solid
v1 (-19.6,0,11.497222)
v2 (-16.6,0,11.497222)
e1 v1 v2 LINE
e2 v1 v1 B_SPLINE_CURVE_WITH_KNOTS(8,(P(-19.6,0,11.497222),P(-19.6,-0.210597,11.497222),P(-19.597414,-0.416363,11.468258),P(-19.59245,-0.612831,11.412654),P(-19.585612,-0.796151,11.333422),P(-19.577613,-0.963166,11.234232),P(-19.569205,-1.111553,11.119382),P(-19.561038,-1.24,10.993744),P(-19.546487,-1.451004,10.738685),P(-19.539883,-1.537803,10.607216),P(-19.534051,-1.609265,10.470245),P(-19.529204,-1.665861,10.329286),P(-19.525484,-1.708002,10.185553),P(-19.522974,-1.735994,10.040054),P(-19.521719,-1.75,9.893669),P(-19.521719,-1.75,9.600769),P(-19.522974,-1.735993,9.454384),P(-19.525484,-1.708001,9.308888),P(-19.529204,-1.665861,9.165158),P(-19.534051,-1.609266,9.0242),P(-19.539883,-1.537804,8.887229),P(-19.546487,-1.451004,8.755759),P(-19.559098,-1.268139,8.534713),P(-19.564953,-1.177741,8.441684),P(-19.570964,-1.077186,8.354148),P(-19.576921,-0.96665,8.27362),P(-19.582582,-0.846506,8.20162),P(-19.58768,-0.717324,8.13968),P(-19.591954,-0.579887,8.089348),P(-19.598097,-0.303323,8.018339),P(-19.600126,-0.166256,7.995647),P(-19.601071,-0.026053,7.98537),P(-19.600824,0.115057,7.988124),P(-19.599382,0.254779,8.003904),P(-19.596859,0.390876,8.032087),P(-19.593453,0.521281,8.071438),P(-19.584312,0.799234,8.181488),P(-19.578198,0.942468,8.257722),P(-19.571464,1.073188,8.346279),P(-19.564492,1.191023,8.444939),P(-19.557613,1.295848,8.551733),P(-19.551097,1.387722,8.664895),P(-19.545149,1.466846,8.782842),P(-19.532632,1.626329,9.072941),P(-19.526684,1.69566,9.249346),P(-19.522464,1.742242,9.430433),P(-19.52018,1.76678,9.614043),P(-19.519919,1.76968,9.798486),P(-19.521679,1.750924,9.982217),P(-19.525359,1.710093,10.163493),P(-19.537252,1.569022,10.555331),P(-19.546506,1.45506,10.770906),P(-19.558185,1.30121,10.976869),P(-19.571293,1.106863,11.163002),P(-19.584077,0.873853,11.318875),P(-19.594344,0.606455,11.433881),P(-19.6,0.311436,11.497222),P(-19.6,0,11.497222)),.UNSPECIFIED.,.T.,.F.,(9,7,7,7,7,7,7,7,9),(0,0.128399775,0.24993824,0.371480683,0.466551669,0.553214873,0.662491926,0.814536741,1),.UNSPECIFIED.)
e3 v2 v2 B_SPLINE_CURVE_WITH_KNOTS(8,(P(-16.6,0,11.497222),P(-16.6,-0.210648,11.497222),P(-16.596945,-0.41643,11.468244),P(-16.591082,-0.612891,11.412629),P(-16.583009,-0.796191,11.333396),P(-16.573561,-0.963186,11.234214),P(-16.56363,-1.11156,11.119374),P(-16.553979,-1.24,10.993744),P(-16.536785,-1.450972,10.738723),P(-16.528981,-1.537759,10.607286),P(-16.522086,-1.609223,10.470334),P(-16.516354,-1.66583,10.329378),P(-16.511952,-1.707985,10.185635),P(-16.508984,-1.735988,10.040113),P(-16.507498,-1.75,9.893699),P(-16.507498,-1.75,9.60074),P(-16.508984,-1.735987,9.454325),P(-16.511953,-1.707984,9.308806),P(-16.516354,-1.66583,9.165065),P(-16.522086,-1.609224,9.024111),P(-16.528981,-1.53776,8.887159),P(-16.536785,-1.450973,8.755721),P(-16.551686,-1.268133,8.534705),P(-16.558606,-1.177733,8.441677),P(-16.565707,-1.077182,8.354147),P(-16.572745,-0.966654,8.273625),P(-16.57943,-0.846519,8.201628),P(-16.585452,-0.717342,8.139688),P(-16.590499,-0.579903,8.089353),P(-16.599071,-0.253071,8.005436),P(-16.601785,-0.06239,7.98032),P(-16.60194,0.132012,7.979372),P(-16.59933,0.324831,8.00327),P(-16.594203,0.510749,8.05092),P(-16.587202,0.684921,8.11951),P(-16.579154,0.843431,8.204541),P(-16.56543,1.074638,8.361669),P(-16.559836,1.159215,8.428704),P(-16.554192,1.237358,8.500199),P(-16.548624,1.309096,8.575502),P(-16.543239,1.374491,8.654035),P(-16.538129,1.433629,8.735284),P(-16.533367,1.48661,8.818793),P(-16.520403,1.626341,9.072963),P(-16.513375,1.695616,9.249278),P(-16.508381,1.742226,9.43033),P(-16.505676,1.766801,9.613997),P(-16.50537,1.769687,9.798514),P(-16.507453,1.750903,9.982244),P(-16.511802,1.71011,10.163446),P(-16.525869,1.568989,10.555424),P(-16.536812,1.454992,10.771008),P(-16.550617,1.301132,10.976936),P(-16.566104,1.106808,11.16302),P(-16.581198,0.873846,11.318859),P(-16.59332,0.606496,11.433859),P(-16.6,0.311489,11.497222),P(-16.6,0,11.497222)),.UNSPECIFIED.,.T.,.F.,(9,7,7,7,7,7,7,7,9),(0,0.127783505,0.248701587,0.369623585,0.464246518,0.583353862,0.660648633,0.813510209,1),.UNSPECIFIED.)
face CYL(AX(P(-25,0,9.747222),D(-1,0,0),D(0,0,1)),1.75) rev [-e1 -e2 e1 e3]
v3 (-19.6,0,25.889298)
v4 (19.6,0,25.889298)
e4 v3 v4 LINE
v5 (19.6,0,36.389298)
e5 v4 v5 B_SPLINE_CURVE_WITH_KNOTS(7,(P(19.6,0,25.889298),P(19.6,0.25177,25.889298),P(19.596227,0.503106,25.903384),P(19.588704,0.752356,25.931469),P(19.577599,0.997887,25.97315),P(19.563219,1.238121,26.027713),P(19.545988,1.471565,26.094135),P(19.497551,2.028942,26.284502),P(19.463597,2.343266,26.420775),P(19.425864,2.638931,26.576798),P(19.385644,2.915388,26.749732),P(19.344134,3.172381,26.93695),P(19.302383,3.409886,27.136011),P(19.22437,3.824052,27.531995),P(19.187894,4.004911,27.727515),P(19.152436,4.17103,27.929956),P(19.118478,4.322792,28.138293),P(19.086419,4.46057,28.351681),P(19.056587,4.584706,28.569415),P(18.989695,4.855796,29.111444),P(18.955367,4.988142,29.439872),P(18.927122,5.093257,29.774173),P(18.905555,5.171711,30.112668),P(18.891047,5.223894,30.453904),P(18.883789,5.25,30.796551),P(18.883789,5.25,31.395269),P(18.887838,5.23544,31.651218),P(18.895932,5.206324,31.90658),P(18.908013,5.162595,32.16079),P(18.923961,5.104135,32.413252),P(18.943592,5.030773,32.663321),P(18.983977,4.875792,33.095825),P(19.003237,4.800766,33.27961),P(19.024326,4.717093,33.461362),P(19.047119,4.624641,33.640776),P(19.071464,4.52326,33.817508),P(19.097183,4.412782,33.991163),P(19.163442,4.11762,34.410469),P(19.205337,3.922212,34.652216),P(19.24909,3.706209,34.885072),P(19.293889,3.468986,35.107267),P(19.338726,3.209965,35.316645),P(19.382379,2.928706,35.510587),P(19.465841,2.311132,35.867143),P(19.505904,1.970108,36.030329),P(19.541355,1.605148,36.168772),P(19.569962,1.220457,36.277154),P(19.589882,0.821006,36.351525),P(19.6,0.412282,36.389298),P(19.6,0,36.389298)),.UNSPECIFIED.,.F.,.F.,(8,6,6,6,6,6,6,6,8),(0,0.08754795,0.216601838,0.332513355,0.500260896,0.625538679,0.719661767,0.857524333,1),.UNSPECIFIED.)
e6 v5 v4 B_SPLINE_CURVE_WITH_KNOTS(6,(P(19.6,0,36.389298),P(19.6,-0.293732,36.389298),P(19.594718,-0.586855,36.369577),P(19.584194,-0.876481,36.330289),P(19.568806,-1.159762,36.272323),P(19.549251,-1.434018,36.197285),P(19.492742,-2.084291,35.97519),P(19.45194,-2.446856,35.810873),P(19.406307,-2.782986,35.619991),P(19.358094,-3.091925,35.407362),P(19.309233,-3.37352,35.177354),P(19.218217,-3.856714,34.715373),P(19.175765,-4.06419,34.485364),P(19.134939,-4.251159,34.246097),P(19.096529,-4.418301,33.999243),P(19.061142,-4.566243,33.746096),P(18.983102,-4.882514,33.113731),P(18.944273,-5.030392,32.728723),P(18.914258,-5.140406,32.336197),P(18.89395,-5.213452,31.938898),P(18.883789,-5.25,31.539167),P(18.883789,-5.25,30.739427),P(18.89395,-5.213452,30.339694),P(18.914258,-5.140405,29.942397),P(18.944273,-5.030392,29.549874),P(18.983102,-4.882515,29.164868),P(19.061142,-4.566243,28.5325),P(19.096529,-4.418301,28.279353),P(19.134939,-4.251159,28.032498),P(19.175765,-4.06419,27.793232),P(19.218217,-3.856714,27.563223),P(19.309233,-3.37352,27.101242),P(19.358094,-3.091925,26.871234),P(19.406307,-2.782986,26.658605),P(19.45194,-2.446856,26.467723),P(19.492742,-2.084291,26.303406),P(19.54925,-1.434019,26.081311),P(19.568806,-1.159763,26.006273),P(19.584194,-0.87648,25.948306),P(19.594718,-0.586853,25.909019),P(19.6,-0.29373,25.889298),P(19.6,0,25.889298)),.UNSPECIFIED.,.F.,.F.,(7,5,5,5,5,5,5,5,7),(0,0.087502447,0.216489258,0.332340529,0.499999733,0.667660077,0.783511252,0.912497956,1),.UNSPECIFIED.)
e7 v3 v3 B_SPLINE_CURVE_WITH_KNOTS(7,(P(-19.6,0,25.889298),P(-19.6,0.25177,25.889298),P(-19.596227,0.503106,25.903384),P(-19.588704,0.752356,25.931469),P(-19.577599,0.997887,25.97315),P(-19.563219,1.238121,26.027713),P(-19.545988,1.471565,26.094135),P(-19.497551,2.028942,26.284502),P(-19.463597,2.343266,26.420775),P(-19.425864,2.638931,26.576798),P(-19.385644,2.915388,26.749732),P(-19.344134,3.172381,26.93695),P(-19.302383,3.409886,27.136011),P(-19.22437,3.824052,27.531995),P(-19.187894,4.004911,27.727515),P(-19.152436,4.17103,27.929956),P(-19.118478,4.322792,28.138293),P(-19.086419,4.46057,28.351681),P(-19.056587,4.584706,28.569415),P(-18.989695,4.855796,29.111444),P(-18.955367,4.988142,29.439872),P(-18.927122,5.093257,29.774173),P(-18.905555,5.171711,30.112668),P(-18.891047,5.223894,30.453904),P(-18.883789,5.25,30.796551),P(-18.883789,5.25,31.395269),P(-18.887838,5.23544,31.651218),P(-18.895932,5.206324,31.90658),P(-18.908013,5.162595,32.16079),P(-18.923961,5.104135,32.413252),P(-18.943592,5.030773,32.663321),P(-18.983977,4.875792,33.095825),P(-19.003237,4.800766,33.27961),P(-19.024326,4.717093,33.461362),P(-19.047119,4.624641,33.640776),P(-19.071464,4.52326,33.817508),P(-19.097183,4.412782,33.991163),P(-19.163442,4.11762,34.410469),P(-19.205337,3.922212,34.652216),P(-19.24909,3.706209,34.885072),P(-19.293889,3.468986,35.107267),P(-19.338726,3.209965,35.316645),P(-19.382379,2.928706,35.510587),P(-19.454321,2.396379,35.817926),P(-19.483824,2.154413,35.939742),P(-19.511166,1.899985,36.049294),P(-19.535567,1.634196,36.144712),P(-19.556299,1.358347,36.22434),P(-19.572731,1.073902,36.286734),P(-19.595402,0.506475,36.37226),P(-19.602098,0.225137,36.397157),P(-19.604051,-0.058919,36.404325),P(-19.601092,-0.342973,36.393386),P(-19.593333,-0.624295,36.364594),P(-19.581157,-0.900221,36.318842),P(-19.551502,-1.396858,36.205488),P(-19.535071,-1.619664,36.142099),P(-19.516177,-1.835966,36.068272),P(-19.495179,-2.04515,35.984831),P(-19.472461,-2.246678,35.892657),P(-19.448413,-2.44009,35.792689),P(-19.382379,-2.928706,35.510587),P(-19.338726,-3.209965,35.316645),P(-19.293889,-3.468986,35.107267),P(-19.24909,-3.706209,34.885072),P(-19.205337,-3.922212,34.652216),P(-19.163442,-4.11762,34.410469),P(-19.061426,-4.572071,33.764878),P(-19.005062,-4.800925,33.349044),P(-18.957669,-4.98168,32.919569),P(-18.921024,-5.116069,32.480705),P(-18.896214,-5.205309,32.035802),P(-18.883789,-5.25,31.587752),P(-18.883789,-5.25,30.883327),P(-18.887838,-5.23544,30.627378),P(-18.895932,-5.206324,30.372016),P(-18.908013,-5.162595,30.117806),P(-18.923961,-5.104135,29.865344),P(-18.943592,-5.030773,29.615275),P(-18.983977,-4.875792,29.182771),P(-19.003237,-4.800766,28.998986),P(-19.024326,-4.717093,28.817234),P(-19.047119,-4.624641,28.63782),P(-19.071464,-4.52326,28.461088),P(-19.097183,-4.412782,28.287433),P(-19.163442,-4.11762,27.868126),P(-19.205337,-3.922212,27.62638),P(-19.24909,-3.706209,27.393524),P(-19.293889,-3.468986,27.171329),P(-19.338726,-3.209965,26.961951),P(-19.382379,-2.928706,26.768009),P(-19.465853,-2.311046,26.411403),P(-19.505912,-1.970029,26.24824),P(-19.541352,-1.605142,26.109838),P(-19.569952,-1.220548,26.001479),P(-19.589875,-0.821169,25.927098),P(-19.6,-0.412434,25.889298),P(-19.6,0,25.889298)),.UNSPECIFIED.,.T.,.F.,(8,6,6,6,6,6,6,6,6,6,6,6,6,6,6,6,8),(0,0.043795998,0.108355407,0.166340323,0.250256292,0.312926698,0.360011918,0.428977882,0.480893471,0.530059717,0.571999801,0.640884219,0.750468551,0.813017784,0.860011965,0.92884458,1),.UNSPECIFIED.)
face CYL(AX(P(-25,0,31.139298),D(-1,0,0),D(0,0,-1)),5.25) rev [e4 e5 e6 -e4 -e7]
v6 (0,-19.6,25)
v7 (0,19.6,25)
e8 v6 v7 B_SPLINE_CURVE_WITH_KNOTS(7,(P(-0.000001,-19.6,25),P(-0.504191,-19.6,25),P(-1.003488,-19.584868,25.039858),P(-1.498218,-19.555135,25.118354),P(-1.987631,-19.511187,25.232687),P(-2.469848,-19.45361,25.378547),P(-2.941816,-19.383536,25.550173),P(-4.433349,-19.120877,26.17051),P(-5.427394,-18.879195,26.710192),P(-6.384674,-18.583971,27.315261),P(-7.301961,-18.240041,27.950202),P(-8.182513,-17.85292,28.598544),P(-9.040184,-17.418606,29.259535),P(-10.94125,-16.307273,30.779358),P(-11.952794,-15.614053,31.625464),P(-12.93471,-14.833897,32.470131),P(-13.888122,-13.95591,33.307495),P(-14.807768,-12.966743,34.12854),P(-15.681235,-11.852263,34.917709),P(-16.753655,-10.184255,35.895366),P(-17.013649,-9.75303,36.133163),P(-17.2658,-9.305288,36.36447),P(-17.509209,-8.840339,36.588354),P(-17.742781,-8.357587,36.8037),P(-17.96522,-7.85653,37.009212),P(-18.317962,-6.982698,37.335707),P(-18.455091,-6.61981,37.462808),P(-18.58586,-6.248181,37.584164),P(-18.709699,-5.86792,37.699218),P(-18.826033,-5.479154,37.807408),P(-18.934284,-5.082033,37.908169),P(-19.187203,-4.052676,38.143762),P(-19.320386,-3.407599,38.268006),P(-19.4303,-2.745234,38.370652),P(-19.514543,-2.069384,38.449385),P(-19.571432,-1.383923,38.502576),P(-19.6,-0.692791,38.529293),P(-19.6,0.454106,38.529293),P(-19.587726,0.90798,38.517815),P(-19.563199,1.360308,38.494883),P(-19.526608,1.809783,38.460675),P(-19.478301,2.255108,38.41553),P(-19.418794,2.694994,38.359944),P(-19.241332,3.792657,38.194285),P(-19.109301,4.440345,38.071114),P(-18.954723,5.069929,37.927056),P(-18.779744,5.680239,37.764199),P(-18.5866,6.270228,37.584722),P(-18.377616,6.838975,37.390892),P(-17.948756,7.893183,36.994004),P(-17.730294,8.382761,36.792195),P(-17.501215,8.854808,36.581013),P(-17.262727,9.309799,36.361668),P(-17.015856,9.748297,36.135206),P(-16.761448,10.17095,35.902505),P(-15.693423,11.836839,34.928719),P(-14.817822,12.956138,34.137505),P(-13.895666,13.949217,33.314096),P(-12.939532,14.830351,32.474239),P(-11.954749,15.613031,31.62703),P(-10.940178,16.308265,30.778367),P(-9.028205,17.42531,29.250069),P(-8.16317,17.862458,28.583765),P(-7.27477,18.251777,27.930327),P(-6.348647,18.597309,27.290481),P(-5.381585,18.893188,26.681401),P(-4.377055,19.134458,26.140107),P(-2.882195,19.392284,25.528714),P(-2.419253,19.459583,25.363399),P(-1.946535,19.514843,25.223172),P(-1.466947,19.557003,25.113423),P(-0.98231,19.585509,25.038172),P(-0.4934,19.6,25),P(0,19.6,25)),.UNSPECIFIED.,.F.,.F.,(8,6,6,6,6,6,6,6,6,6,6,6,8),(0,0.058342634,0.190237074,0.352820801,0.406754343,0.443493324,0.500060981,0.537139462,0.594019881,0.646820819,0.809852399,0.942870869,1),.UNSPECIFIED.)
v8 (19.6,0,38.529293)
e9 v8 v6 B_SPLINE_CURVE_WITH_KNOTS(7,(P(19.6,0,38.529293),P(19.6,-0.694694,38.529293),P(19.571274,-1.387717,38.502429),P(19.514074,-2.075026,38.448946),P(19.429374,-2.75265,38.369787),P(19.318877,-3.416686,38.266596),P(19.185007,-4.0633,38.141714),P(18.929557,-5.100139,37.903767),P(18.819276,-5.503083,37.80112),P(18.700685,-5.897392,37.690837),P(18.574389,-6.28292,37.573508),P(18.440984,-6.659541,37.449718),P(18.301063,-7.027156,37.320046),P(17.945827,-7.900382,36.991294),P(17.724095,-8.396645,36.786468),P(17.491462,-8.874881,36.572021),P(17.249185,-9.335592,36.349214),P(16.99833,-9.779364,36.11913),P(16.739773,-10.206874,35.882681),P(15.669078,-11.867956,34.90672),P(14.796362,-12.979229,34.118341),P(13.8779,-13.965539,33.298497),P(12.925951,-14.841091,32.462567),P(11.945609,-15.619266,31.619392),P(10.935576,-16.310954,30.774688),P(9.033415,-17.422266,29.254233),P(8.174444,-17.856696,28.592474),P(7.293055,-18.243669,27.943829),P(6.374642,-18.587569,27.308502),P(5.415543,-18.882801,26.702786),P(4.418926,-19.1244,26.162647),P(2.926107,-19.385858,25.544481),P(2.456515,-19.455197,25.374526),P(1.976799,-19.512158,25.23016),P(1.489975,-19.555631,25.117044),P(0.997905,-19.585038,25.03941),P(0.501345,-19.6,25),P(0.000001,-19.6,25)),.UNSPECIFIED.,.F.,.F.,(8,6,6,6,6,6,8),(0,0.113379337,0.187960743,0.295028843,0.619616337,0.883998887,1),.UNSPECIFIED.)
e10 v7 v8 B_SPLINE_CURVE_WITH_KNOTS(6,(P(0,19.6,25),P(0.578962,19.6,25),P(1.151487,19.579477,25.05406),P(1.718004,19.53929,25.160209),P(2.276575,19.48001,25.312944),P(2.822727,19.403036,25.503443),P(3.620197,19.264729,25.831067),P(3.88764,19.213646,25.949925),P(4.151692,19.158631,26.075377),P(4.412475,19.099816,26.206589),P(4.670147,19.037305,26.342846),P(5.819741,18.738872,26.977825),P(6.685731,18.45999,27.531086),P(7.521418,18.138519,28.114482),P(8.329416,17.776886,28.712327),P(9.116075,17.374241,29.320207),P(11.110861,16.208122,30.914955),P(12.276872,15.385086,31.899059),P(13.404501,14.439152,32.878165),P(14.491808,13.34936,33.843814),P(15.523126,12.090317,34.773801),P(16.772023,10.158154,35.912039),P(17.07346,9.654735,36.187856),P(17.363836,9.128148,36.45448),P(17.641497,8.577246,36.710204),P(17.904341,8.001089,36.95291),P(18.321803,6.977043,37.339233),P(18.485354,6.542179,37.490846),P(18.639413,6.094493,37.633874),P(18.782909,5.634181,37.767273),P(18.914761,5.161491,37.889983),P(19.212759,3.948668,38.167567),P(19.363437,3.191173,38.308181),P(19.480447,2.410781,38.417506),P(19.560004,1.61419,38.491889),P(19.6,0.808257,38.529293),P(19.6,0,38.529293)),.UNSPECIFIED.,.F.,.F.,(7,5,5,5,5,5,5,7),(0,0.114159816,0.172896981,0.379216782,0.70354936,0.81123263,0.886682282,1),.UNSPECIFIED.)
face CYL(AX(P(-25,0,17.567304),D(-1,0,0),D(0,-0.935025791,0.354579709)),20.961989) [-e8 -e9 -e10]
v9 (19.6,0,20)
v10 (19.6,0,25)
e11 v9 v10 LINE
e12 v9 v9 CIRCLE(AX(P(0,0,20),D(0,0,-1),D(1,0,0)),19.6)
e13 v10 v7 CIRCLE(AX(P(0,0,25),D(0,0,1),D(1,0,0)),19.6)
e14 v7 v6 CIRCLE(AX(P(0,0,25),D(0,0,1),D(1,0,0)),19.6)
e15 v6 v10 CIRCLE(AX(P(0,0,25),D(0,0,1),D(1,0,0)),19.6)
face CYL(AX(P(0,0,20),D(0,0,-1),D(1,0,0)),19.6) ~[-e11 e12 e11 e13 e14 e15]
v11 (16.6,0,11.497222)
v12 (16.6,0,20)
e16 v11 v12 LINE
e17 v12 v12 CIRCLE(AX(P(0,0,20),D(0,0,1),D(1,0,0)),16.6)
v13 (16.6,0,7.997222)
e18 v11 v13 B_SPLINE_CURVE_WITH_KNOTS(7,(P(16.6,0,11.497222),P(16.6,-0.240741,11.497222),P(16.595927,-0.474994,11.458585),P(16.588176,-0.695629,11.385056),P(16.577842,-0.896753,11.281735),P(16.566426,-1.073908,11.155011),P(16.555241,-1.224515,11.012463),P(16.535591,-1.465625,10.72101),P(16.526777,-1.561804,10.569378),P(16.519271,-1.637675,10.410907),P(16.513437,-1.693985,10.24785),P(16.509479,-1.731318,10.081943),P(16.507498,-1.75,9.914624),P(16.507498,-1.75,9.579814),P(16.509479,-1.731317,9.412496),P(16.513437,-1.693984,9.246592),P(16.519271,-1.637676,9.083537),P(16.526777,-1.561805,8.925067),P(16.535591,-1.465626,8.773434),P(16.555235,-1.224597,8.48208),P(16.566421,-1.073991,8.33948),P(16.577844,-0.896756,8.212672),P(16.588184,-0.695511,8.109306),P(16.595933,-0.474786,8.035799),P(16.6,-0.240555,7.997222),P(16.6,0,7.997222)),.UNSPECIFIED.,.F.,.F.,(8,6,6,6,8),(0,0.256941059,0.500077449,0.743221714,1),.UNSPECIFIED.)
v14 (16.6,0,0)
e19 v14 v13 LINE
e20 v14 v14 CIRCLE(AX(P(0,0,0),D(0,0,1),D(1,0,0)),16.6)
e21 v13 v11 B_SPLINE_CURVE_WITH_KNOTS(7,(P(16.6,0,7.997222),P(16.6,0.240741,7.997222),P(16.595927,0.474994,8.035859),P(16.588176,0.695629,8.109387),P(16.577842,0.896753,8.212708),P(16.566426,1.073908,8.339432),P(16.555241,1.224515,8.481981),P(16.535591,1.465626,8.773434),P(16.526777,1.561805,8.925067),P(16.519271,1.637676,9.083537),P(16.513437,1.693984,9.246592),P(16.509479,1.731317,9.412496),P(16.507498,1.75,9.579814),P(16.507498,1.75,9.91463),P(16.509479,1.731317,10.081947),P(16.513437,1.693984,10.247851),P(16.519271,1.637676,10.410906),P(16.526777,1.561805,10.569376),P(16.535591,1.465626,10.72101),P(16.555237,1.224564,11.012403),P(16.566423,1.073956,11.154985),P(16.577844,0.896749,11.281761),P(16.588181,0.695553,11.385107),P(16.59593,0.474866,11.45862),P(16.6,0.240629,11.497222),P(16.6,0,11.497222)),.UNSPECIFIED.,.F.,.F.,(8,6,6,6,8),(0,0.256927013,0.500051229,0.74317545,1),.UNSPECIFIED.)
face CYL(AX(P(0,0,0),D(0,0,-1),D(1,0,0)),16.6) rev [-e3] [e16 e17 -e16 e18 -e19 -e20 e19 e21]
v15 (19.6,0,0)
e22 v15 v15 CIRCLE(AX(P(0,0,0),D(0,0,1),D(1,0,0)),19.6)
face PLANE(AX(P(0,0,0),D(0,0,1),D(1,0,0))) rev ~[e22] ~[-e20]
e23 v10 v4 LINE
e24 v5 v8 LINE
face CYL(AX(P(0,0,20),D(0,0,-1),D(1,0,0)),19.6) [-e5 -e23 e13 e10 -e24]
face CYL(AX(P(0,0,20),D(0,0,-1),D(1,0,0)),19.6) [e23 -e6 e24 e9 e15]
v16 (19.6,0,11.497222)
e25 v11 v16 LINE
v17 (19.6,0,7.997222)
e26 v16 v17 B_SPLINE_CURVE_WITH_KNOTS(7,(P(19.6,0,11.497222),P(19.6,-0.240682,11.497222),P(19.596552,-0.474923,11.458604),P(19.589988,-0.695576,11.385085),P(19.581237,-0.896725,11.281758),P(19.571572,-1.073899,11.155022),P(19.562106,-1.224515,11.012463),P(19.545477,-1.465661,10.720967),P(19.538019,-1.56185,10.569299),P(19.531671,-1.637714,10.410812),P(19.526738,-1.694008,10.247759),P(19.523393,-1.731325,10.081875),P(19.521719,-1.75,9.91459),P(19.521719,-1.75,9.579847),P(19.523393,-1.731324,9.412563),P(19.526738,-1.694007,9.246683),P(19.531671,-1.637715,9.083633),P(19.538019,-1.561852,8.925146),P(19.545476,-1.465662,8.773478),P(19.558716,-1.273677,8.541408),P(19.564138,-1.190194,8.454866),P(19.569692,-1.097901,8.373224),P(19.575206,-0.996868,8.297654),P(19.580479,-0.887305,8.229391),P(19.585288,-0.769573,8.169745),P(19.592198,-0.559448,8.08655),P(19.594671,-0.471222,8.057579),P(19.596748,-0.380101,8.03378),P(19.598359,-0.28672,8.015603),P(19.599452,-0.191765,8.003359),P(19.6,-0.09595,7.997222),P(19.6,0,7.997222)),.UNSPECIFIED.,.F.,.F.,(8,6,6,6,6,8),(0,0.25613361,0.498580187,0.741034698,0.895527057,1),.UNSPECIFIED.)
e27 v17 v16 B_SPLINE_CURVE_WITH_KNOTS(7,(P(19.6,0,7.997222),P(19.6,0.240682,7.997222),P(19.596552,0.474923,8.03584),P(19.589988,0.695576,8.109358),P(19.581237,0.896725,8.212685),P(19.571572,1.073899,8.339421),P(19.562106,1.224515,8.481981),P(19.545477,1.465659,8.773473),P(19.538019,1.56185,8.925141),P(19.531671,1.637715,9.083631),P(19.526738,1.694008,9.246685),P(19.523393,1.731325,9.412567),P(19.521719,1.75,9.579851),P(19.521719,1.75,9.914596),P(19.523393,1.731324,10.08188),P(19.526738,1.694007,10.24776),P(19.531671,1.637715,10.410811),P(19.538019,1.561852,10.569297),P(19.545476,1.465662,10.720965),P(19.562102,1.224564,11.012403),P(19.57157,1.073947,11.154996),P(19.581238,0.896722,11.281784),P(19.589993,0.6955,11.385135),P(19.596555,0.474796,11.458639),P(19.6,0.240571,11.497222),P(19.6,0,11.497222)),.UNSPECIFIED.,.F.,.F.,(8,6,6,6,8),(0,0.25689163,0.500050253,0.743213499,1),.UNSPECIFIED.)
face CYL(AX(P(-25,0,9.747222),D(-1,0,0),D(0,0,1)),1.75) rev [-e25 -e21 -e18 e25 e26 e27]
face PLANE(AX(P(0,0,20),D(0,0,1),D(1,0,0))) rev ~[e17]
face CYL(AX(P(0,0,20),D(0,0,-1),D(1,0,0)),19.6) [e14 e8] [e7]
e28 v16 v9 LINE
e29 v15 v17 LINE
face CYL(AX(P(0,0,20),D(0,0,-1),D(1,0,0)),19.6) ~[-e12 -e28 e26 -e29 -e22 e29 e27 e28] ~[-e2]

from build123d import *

# Parameters (mm, degrees)
SKETCH1_R                = 19.6
SKETCH1_R_2              = 16.6
BOSS_EXTRUDE1_DEPTH      = 20
SKETCH2_R                = 19.6
BOSS_EXTRUDE2_DEPTH      = 5
BOSS_EXTRUDE4_DEPTH      = 25
BOSS_EXTRUDE4_DEPTH_BACK = 25
SKETCH3_R                = 5.25
SKETCH4_R                = 39.6
SKETCH4_R_2              = 19.6
CUT_EXTRUDE_THIN1_DEPTH  = 25
CUT_EXTRUDE1_DEPTH       = 25
CUT_EXTRUDE1_DEPTH_BACK  = 25
SKETCH6_R                = 1.75


with BuildPart() as part:
    # Sketch1 → Boss-Extrude1 (new body)
    with BuildSketch(Plane(origin=(0, 0, 0), x_dir=(0, 1, 0), z_dir=(0, 0, 1))):
        with Locations(Location((0, 0, 0), (0, 0, 270))):
            Circle(SKETCH1_R)
        with Locations(Location((0, 0, 0), (0, 0, 270))):
            Circle(SKETCH1_R_2, mode=Mode.SUBTRACT)
    extrude(amount=BOSS_EXTRUDE1_DEPTH)

    # Sketch2 → Boss-Extrude2 (add)
    with BuildSketch(Plane.XY.offset(20)):
        Circle(SKETCH2_R)
    extrude(amount=BOSS_EXTRUDE2_DEPTH)

    # Sketch3 → Boss-Extrude4 (add, two sides: drawn at the far end of the back side and taken through both)
    with BuildSketch(Plane.YZ.offset(-BOSS_EXTRUDE4_DEPTH_BACK)):
        with BuildLine():
            Line((19.6, 25), (0, 25))
            Line((0, 25), (-19.6, 25))
            ThreePointArc((-19.6, 25), (0, 38.529292798), (19.6, 25))
        make_face()
        with Locations(Location((0, 31.139297983, 0), (0, 0, 270))):
            Circle(SKETCH3_R, mode=Mode.SUBTRACT)
    extrude(amount=BOSS_EXTRUDE4_DEPTH + BOSS_EXTRUDE4_DEPTH_BACK)

    # Sketch4 → Cut-Extrude-Thin1 (cut)
    with BuildSketch(Plane(origin=(0, 0, 20), x_dir=(1, 0, 0), z_dir=(0, 0, -1))):
        Circle(SKETCH4_R)
        Circle(SKETCH4_R_2, mode=Mode.SUBTRACT)
    extrude(amount=-CUT_EXTRUDE_THIN1_DEPTH, mode=Mode.SUBTRACT)

    # Sketch6 → Cut-Extrude1 (cut, two sides: drawn at the far end of the back side and taken through both)
    with BuildSketch(Plane.YZ.offset(-CUT_EXTRUDE1_DEPTH_BACK)):
        with Locations(Location((0, 9.747221623, 0), (0, 0, 90))):
            Circle(SKETCH6_R)
    extrude(amount=CUT_EXTRUDE1_DEPTH + CUT_EXTRUDE1_DEPTH_BACK, mode=Mode.SUBTRACT)


solid = part.part
